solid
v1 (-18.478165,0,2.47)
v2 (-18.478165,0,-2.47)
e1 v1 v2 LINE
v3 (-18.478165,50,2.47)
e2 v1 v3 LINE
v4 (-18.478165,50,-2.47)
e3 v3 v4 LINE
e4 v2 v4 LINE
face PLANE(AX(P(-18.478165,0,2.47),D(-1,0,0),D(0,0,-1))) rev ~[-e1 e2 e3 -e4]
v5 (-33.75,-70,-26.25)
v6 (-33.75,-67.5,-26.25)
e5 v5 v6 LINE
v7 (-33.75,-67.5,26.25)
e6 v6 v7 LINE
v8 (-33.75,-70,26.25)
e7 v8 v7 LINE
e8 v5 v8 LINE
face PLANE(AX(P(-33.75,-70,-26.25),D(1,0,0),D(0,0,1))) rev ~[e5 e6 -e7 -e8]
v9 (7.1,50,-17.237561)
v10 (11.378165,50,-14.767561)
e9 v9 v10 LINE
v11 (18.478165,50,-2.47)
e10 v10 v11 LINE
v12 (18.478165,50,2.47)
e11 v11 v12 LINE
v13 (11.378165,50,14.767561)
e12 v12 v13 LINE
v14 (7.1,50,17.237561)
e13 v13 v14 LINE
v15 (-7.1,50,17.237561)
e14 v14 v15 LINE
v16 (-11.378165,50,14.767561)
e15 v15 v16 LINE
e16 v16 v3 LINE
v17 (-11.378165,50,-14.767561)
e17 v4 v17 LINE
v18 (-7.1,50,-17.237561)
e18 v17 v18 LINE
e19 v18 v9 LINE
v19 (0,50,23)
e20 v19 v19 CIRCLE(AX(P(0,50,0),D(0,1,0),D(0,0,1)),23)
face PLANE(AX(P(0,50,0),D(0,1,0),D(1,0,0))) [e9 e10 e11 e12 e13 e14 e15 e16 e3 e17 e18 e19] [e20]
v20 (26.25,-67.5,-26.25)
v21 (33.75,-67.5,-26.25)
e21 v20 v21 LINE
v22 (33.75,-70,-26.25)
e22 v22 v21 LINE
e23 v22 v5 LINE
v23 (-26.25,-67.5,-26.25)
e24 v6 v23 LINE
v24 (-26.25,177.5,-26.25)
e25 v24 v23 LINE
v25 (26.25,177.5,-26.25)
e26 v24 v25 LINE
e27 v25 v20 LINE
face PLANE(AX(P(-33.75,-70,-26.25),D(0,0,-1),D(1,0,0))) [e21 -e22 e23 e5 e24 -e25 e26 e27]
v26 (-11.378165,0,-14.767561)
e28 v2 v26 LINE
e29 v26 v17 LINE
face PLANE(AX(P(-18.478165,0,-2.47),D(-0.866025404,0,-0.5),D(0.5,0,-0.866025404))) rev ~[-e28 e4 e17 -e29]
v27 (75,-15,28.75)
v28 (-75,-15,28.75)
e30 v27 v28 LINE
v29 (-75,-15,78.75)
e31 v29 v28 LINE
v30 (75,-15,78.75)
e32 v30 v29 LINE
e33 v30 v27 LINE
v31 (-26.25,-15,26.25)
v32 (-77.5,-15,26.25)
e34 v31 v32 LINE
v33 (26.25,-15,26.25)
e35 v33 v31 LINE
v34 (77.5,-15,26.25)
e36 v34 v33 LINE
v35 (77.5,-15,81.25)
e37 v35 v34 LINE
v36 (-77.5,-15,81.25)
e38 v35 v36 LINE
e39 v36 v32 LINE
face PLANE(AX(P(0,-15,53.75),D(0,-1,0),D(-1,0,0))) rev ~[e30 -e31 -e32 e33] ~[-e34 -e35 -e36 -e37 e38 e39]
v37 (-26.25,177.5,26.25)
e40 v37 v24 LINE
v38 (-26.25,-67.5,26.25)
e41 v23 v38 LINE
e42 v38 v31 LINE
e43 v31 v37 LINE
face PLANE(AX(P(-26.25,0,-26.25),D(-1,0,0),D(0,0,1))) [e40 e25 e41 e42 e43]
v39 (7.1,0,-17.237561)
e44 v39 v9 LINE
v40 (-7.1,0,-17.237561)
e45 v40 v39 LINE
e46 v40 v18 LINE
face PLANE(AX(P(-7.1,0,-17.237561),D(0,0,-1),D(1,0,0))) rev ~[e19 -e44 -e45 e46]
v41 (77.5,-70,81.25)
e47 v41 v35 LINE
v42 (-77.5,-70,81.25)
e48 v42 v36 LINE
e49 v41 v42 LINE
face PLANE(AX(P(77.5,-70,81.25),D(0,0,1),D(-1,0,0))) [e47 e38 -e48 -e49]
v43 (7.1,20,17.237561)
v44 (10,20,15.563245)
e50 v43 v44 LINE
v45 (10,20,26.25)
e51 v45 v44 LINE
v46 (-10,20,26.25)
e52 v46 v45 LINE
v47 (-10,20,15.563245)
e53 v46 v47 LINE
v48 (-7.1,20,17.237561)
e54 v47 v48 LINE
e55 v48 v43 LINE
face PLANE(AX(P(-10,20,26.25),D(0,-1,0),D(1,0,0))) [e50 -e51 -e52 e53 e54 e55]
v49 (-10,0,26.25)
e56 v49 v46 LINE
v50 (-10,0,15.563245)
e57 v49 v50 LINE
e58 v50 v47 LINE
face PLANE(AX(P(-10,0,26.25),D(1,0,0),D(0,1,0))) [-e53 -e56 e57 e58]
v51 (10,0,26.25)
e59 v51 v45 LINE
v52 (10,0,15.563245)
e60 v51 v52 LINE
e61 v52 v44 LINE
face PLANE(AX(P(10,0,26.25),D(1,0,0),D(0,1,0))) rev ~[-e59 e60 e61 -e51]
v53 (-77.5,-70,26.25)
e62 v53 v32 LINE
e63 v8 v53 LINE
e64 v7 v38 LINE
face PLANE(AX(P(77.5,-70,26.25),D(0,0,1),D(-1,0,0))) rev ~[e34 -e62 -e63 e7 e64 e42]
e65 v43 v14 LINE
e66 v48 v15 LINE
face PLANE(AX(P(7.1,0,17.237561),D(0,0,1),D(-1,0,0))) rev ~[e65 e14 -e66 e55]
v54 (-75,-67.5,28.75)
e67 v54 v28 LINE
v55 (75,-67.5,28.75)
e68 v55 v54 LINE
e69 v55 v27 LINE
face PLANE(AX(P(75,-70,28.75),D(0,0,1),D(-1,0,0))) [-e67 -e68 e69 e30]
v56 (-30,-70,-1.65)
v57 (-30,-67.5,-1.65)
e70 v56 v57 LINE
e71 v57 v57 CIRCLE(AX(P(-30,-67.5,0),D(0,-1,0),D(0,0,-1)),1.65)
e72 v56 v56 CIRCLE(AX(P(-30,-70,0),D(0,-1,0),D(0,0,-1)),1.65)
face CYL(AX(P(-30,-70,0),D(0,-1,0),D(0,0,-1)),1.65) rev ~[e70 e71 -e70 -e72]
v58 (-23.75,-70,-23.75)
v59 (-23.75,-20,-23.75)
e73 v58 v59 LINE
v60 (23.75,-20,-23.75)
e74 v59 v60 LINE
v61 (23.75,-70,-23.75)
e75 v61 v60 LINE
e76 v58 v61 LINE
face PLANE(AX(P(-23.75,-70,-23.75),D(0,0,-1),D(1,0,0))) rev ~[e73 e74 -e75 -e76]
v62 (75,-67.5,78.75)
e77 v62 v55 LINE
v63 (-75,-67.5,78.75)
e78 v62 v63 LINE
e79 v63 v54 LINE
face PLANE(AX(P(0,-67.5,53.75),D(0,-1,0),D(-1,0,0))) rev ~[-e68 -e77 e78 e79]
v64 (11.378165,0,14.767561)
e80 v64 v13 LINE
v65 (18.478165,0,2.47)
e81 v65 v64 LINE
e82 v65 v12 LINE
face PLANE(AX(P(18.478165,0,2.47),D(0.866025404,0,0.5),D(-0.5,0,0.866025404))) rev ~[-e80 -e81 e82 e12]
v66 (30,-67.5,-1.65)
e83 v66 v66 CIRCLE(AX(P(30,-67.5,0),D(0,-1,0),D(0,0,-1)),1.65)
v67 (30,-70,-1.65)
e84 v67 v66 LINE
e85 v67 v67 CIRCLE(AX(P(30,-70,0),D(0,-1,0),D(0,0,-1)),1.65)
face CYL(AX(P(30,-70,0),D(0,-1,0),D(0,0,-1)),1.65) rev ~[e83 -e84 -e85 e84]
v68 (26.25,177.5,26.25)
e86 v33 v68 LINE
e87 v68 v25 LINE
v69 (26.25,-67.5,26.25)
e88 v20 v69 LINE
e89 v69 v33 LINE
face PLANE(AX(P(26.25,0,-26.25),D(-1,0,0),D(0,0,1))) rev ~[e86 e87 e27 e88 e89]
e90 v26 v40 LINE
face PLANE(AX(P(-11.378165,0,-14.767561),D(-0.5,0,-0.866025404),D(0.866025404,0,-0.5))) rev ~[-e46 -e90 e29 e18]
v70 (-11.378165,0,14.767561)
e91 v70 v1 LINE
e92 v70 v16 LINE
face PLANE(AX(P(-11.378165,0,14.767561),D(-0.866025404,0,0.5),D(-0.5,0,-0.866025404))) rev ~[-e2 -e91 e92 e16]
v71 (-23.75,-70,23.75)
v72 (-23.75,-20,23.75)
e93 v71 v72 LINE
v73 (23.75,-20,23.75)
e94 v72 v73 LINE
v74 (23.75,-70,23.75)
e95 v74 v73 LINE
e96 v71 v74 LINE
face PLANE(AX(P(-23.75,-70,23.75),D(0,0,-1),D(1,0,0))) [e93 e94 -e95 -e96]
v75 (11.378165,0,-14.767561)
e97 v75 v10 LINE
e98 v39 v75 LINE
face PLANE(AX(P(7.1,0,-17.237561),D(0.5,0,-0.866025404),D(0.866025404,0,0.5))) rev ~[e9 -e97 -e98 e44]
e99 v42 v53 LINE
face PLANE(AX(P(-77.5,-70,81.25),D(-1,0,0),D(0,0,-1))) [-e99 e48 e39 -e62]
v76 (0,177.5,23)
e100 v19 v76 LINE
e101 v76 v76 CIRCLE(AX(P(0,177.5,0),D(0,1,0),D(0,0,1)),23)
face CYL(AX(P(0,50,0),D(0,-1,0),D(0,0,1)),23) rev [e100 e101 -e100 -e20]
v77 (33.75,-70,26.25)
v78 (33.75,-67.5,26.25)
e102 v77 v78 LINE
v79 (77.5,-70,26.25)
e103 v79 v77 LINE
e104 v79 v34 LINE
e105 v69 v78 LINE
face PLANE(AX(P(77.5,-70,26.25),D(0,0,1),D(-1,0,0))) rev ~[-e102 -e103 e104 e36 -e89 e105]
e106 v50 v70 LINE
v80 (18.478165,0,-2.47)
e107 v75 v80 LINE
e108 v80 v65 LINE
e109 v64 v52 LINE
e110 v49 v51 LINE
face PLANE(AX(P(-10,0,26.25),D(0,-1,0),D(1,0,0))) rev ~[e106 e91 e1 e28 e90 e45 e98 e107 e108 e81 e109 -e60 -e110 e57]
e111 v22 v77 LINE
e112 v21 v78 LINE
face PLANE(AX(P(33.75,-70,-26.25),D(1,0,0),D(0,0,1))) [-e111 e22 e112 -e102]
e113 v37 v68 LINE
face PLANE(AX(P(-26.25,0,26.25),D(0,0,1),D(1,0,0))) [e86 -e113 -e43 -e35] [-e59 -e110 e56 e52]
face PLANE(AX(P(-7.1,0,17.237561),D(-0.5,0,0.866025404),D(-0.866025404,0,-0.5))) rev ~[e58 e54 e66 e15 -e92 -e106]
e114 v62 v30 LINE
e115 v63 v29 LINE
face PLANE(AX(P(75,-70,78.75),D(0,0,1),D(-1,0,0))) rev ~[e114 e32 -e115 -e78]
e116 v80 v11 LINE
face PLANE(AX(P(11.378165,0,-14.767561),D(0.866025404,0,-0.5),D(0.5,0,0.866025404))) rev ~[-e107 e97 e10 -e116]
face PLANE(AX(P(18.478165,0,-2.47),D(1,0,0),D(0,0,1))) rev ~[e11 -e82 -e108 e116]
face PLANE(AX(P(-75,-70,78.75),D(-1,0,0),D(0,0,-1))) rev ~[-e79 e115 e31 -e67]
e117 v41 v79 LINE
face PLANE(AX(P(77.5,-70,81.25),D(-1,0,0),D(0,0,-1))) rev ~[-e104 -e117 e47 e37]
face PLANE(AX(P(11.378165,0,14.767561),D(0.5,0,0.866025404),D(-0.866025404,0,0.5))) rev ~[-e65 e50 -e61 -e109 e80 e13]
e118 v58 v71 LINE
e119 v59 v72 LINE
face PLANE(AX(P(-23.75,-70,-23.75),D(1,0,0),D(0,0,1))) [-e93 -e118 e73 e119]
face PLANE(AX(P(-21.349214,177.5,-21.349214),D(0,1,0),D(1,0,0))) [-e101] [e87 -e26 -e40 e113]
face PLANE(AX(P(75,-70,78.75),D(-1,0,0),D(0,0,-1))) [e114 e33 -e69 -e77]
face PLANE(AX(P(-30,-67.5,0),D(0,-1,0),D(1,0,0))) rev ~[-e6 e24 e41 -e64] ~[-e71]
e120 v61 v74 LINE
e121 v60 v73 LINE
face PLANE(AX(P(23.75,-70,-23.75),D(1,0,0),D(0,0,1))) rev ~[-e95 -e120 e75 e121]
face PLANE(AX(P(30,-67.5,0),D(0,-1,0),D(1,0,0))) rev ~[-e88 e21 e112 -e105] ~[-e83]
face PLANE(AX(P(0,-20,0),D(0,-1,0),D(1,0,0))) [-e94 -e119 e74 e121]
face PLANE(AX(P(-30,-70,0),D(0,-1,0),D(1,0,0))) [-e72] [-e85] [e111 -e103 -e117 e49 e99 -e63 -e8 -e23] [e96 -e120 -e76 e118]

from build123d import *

# Parameters (mm, degrees)
BOSS_EXTRUDE1_DEPTH = 50
BOSS_EXTRUDE2_START = 50
SKETCH2_3_R         = 23
BOSS_EXTRUDE2_DEPTH = 127.5
BOSS_EXTRUDE3_DEPTH = 177.5
SKETCH3_W           = 52.5
SKETCH3_H           = 52.5
BOSS_EXTRUDE4_DEPTH = 70
SKETCH4_W           = 150
SKETCH4_H           = 50
BOSS_EXTRUDE5_DEPTH = 2.5
SKETCH4_4_W         = 155
SKETCH4_4_H         = 55
SKETCH4_4_W_2       = 150
SKETCH4_4_H_2       = 50
BOSS_EXTRUDE6_DEPTH = 55
SKETCH5_W           = 47.5
SKETCH5_H           = 47.5
CUT_EXTRUDE4_DEPTH  = 50
SKETCH6_W           = 20
SKETCH6_H           = 20
CUT_EXTRUDE5_DEPTH  = 20
SKETCH7_W           = 7.5
SKETCH7_H           = 52.5
SKETCH7_R           = 1.65
BOSS_EXTRUDE7_DEPTH = 2.5


with BuildPart() as part:
    # Sketch2 → Boss-Extrude1 (new body)
    with BuildSketch(Plane(origin=(0, 0, 0), x_dir=(1, 0, 0), z_dir=(0, 1, 0))):
        with BuildLine():
            ThreePointArc((-26.25, -11.459990061), (-20.253319138, -20.253319138), (-11.459990061, -26.25))
            Line((-11.459990061, -26.25), (11.459990061, -26.25))
            ThreePointArc((11.459990061, -26.25), (20.253319138, -20.253319138), (26.25, -11.459990061))
            Line((26.25, -11.459990061), (26.25, 11.459990061))
            ThreePointArc((26.25, 11.459990061), (20.253319138, 20.253319138), (11.459990061, 26.25))
            Line((11.459990061, 26.25), (-11.459990061, 26.25))
            ThreePointArc((-11.459990061, 26.25), (-20.253319138, 20.253319138), (-26.25, 11.459990061))
            Line((-26.25, 11.459990061), (-26.25, -11.459990061))
        make_face()
        Polygon((-7.1, 17.237560734), (7.1, 17.237560734), (11.378165495, 14.767560734), (18.478165495, 2.47), (18.478165495, -2.47), (11.378165495, -14.767560734), (7.1, -17.237560734), (-7.1, -17.237560734), (-11.378165495, -14.767560734), (-18.478165495, -2.47), (-18.478165495, 2.47), (-11.378165495, 14.767560734), align=None, mode=Mode.SUBTRACT)
    extrude(amount=BOSS_EXTRUDE1_DEPTH)

    # Sketch2<3> → Boss-Extrude2 (add)
    with BuildSketch(Plane(origin=(0, 0, 0), x_dir=(1, 0, 0), z_dir=(0, 1, 0)).offset(BOSS_EXTRUDE2_START)):
        with BuildLine():
            ThreePointArc((-26.25, -11.459990061), (-20.253319138, -20.253319138), (-11.459990061, -26.25))
            Line((-11.459990061, -26.25), (11.459990061, -26.25))
            ThreePointArc((11.459990061, -26.25), (20.253319138, -20.253319138), (26.25, -11.459990061))
            Line((26.25, -11.459990061), (26.25, 11.459990061))
            ThreePointArc((26.25, 11.459990061), (20.253319138, 20.253319138), (11.459990061, 26.25))
            Line((11.459990061, 26.25), (-11.459990061, 26.25))
            ThreePointArc((-11.459990061, 26.25), (-20.253319138, 20.253319138), (-26.25, 11.459990061))
            Line((-26.25, 11.459990061), (-26.25, -11.459990061))
        make_face()
        with Locations(Location((0, 0, 0), (0, 0, 270))):
            Circle(SKETCH2_3_R, mode=Mode.SUBTRACT)
    extrude(amount=BOSS_EXTRUDE2_DEPTH)

    # Sketch2<4> → Boss-Extrude3 (add)
    with BuildSketch(Plane(origin=(0, 0, 0), x_dir=(1, 0, 0), z_dir=(0, 1, 0))):
        with BuildLine():
            Line((-26.25, 26.25), (-26.25, 11.459990061))
            ThreePointArc((-26.25, 11.459990061), (-20.253319138, 20.253319138), (-11.459990061, 26.25))
            Line((-11.459990061, 26.25), (-26.25, 26.25))
        make_face()
        with BuildLine():
            ThreePointArc((11.459990061, 26.25), (20.253319138, 20.253319138), (26.25, 11.459990061))
            Line((26.25, 11.459990061), (26.25, 26.25))
            Line((26.25, 26.25), (11.459990061, 26.25))
        make_face()
        with BuildLine():
            ThreePointArc((26.25, -11.459990061), (20.253319138, -20.253319138), (11.459990061, -26.25))
            Line((11.459990061, -26.25), (26.25, -26.25))
            Line((26.25, -26.25), (26.25, -11.459990061))
        make_face()
        with BuildLine():
            Line((-26.25, -11.459990061), (-26.25, -26.25))
            Line((-26.25, -26.25), (-11.459990061, -26.25))
            ThreePointArc((-11.459990061, -26.25), (-20.253319138, -20.253319138), (-26.25, -11.459990061))
        make_face()
    extrude(amount=BOSS_EXTRUDE3_DEPTH)

    # Sketch3 → Boss-Extrude4 (add)
    with BuildSketch(Plane.XZ):
        Rectangle(SKETCH3_W, SKETCH3_H)
    extrude(amount=BOSS_EXTRUDE4_DEPTH)



with BuildPart() as body_2:
    # Sketch4 → Boss-Extrude5 (new body)
    with BuildSketch(Plane(origin=(0, -70, 0), x_dir=(-1, 0, 0), z_dir=(0, -1, 0))):
        with Locations((0, -53.75)):
            Rectangle(SKETCH4_W, SKETCH4_H)
    extrude(amount=-BOSS_EXTRUDE5_DEPTH)


with BuildPart() as part_1:
    add(part.part)

    add(body_2.part)  # Boss-Extrude6 merges body 2
    # Sketch4<4> → Boss-Extrude6 (add)
    with BuildSketch(Plane(origin=(0, -70, 0), x_dir=(-1, 0, 0), z_dir=(0, -1, 0))):
        with Locations((0, -53.75)):
            Rectangle(SKETCH4_4_W, SKETCH4_4_H)
        with Locations((0, -53.75)):
            Rectangle(SKETCH4_4_W_2, SKETCH4_4_H_2, mode=Mode.SUBTRACT)
    extrude(amount=-BOSS_EXTRUDE6_DEPTH)

    # Sketch5 → Cut-Extrude4 (cut)
    with BuildSketch(Plane.XZ.offset(70)):
        Rectangle(SKETCH5_W, SKETCH5_H)
    extrude(amount=-CUT_EXTRUDE4_DEPTH, mode=Mode.SUBTRACT)

    # Sketch6 → Cut-Extrude5 (cut)
    with BuildSketch(Plane.XY.offset(26.25)):
        with Locations((0, 10)):
            Rectangle(SKETCH6_W, SKETCH6_H)
    extrude(amount=-CUT_EXTRUDE5_DEPTH, mode=Mode.SUBTRACT)

    # Sketch7 → Boss-Extrude7 (add)
    # profile 1 of 2: a face of its own
    with BuildSketch(Plane.XZ.offset(70)):
        with Locations((-30, 0)):
            Rectangle(SKETCH7_W, SKETCH7_H)
        with Locations(Location((-30, 0, 0), (0, 0, 270))):
            Circle(SKETCH7_R, mode=Mode.SUBTRACT)
    # profile 2 of 2: a face of its own
    with BuildSketch(Plane.XZ.offset(70)):
        with Locations((30, 0)):
            Rectangle(SKETCH7_W, SKETCH7_H)
        with Locations(Location((30, 0, 0), (0, 0, 270))):
            Circle(SKETCH7_R, mode=Mode.SUBTRACT)
    extrude(amount=-BOSS_EXTRUDE7_DEPTH)


solid = part_1.part
